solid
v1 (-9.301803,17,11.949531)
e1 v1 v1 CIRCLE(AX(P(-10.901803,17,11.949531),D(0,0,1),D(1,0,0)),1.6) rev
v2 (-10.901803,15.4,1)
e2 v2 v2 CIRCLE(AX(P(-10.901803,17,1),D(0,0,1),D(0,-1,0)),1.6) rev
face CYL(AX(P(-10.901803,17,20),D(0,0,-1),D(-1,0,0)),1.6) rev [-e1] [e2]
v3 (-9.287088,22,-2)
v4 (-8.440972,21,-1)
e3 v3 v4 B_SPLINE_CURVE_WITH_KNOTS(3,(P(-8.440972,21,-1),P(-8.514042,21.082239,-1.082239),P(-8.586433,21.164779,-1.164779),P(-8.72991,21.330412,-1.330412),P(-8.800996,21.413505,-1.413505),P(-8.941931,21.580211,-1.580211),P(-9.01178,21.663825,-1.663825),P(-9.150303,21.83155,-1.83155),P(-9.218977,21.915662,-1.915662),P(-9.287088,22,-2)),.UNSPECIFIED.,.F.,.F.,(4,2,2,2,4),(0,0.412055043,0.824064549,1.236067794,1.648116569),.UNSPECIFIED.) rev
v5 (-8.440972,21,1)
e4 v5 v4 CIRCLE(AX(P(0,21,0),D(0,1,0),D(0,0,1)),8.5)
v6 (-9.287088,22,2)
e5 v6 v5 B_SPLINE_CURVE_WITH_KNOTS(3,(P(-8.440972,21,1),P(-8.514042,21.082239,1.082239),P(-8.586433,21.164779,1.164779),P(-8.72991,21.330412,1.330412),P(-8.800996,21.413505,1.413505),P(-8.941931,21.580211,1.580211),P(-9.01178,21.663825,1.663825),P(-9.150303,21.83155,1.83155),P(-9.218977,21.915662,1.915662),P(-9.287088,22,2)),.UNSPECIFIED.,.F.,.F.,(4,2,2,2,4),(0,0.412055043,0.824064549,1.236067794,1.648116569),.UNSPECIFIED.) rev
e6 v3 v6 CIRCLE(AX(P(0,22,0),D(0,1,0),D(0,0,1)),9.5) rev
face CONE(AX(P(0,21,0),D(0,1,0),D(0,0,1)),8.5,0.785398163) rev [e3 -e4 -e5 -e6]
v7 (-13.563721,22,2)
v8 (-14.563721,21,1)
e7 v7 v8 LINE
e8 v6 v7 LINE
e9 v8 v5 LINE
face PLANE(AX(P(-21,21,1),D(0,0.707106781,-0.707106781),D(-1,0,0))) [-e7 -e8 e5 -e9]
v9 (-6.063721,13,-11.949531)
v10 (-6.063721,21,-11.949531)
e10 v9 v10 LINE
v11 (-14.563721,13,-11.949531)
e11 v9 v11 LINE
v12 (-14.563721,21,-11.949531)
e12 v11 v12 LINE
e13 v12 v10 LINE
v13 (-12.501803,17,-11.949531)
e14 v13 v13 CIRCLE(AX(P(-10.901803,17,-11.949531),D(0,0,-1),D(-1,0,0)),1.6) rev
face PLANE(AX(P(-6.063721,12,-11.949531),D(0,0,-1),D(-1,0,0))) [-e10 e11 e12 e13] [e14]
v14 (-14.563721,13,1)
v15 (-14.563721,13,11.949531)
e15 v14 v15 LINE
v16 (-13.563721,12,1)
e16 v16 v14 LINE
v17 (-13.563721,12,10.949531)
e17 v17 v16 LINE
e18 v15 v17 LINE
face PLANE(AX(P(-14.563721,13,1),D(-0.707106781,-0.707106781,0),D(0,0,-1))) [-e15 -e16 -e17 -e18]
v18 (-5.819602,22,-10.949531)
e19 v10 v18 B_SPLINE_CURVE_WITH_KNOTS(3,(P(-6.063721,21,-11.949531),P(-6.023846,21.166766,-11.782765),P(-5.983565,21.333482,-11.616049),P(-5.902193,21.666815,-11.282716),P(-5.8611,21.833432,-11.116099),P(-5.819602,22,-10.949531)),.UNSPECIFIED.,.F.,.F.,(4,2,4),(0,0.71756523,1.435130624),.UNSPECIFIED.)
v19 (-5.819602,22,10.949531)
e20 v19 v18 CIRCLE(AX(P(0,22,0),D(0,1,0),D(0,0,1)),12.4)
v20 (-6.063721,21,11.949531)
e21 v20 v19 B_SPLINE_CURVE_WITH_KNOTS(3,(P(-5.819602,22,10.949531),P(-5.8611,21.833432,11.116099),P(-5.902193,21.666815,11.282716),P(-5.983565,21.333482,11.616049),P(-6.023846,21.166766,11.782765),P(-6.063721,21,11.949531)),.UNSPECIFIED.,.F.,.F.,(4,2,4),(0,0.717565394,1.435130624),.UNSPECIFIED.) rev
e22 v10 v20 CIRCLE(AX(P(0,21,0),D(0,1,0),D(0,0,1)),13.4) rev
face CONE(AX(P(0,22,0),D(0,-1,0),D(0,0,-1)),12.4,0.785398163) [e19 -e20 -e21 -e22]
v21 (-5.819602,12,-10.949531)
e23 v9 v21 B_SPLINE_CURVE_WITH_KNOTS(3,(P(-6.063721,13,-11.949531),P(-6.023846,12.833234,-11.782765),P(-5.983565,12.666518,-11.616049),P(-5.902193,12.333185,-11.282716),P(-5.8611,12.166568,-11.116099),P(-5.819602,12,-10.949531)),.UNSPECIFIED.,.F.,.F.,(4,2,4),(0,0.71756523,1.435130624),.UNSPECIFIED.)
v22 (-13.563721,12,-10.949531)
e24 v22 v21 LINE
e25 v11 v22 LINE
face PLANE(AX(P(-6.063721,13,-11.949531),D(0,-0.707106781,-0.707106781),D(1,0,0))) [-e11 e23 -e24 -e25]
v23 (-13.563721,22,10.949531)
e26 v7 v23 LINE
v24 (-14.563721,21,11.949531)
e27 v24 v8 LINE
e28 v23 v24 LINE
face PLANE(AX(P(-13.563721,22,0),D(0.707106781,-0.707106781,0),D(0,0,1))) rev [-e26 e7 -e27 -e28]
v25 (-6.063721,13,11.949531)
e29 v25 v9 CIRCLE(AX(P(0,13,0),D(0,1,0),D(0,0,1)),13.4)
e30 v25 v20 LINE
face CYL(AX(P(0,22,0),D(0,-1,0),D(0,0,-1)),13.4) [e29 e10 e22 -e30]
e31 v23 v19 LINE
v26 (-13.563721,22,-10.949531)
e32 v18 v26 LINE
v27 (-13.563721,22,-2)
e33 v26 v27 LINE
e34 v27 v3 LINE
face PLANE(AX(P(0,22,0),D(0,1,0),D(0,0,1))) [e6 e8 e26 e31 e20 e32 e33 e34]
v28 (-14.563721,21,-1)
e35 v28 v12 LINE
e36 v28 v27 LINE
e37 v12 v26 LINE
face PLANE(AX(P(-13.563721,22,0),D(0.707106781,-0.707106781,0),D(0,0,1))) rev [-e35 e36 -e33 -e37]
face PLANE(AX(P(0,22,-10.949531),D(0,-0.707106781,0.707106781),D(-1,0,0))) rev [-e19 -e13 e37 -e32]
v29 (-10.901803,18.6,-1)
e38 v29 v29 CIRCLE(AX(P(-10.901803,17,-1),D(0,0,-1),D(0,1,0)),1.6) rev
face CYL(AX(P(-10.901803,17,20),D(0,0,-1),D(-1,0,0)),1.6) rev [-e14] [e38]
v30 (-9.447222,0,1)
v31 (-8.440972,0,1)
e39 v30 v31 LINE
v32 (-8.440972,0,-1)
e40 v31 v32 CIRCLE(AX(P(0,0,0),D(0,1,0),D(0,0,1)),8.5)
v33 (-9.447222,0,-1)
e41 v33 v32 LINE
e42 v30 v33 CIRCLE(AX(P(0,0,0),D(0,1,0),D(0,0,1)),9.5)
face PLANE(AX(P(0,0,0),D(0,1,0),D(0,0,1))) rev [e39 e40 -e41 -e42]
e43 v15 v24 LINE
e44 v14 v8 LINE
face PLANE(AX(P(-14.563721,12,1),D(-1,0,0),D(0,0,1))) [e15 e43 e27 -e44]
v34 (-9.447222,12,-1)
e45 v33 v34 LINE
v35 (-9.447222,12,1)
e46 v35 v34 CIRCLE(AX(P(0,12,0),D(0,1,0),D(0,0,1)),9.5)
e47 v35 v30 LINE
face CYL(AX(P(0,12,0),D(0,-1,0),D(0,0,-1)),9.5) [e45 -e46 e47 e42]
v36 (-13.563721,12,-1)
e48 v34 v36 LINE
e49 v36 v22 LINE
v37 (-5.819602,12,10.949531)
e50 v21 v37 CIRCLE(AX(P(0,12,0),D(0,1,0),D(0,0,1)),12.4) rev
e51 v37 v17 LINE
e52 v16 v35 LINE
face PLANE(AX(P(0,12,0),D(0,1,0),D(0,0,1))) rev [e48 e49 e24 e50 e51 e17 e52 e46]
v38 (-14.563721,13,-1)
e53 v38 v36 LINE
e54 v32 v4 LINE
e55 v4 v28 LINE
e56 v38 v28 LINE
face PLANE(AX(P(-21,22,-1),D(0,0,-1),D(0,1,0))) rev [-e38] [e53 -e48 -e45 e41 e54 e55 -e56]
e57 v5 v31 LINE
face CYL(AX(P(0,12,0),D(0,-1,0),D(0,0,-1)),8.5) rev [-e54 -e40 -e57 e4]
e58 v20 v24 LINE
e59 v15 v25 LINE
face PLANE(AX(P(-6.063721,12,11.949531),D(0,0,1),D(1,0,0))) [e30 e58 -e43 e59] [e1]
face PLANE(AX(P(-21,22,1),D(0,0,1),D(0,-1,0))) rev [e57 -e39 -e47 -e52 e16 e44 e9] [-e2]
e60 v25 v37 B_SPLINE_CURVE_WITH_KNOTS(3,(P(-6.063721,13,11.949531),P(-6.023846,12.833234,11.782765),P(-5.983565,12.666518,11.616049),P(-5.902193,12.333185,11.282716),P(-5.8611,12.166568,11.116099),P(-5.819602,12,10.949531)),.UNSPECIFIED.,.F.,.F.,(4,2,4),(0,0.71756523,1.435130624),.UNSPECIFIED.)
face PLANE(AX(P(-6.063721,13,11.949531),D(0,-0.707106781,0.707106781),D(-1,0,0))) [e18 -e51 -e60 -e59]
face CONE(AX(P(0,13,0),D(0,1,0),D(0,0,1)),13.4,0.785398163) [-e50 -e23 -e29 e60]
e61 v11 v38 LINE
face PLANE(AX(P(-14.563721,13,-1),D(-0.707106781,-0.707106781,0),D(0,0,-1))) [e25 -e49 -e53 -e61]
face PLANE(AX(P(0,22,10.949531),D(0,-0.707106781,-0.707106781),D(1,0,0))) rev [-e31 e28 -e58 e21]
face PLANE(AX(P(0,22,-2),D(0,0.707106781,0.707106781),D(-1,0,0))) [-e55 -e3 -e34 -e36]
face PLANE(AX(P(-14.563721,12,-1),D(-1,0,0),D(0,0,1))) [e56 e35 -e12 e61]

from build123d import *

# Parameters (mm, degrees)
SKETCH1_R               = 9.5
SKETCH1_R_2             = 8.5
BOSS_EXTRUDE1_DEPTH     = 12
SKETCH2_R               = 13.4
SKETCH2_R_2             = 8.5
BOSS_EXTRUDE2_DEPTH     = 10
SKETCH3_W               = 2
SKETCH3_H               = 22
CUT_EXTRUDE1_DEPTH      = 21
BOSS_EXTRUDE3_DEPTH     = 10
SKETCH4_R               = 1.6
CUT_EXTRUDE2_DEPTH      = 21
CUT_EXTRUDE2_DEPTH_BACK = 21
CHAMFER1_SIZE           = 1


with BuildPart() as part:
    # Sketch1 → Boss-Extrude1 (new body)
    with BuildSketch(Plane(origin=(0, 0, 0), x_dir=(1, 0, 0), z_dir=(0, 1, 0))):
        Circle(SKETCH1_R)
        Circle(SKETCH1_R_2, mode=Mode.SUBTRACT)
    extrude(amount=BOSS_EXTRUDE1_DEPTH)

    # Sketch2 → Boss-Extrude2 (add)
    with BuildSketch(Plane(origin=(0, 12, 0), x_dir=(1, 0, 0), z_dir=(0, 1, 0))):
        Circle(SKETCH2_R)
        Circle(SKETCH2_R_2, mode=Mode.SUBTRACT)
    extrude(amount=BOSS_EXTRUDE2_DEPTH)

    # Sketch3 → Cut-Extrude1 (cut)
    with BuildSketch(Plane(origin=(0, 0, 0), x_dir=(0, 0, -1), z_dir=(1, 0, 0))):
        with Locations((0, 11)):
            Rectangle(SKETCH3_W, SKETCH3_H)
    extrude(amount=-CUT_EXTRUDE1_DEPTH, mode=Mode.SUBTRACT)

    # Sketch6 → Boss-Extrude3 (add)
    with BuildSketch(Plane(origin=(0, 22, 0), x_dir=(1, 0, 0), z_dir=(0, 1, 0))):
        Polygon((-9.518301515, -1), (-14.563720806, -1), (-14.563720806, -11.949530953), (-6.063720806, -11.949530953), align=None)
        Polygon((-6.063720806, 11.949530953), (-14.563720806, 11.949530953), (-14.563720806, 1), (-9.518301515, 1), align=None)
    extrude(amount=-BOSS_EXTRUDE3_DEPTH)

    # Sketch4 → Cut-Extrude2 (cut, two sides)
    with BuildSketch(Plane.XY.offset(-1)) as cut_extrude2_sk:
        with Locations((-10.901802989, 17)):
            Circle(SKETCH4_R)
    extrude(amount=CUT_EXTRUDE2_DEPTH, mode=Mode.SUBTRACT)
    extrude(cut_extrude2_sk.sketch, amount=-CUT_EXTRUDE2_DEPTH_BACK, mode=Mode.SUBTRACT)

    # Chamfer1
    chamfer1_edges = [part.edges().sort_by_distance(p)[0] for p in [
        (0.500870333, 22, -8.485230045),
        (-11.502346157, 22, 1),
        (-11.502346157, 22, -1),
        (13.4, 22, 0),
        (13.4, 12, 0),
        (-10.313720806, 22, 11.949530953),
        (-14.563720806, 22, 6.474765476),
        (-10.313720806, 12, 11.949530953),
        (-14.563720806, 12, 6.474765476),
        (-10.313720806, 22, -11.949530953),
        (-14.563720806, 22, -6.474765476),
        (-14.563720806, 12, -6.474765476),
        (-10.313720806, 12, -11.949530953),
    ]]
    chamfer(chamfer1_edges, length=CHAMFER1_SIZE)


solid = part.part
